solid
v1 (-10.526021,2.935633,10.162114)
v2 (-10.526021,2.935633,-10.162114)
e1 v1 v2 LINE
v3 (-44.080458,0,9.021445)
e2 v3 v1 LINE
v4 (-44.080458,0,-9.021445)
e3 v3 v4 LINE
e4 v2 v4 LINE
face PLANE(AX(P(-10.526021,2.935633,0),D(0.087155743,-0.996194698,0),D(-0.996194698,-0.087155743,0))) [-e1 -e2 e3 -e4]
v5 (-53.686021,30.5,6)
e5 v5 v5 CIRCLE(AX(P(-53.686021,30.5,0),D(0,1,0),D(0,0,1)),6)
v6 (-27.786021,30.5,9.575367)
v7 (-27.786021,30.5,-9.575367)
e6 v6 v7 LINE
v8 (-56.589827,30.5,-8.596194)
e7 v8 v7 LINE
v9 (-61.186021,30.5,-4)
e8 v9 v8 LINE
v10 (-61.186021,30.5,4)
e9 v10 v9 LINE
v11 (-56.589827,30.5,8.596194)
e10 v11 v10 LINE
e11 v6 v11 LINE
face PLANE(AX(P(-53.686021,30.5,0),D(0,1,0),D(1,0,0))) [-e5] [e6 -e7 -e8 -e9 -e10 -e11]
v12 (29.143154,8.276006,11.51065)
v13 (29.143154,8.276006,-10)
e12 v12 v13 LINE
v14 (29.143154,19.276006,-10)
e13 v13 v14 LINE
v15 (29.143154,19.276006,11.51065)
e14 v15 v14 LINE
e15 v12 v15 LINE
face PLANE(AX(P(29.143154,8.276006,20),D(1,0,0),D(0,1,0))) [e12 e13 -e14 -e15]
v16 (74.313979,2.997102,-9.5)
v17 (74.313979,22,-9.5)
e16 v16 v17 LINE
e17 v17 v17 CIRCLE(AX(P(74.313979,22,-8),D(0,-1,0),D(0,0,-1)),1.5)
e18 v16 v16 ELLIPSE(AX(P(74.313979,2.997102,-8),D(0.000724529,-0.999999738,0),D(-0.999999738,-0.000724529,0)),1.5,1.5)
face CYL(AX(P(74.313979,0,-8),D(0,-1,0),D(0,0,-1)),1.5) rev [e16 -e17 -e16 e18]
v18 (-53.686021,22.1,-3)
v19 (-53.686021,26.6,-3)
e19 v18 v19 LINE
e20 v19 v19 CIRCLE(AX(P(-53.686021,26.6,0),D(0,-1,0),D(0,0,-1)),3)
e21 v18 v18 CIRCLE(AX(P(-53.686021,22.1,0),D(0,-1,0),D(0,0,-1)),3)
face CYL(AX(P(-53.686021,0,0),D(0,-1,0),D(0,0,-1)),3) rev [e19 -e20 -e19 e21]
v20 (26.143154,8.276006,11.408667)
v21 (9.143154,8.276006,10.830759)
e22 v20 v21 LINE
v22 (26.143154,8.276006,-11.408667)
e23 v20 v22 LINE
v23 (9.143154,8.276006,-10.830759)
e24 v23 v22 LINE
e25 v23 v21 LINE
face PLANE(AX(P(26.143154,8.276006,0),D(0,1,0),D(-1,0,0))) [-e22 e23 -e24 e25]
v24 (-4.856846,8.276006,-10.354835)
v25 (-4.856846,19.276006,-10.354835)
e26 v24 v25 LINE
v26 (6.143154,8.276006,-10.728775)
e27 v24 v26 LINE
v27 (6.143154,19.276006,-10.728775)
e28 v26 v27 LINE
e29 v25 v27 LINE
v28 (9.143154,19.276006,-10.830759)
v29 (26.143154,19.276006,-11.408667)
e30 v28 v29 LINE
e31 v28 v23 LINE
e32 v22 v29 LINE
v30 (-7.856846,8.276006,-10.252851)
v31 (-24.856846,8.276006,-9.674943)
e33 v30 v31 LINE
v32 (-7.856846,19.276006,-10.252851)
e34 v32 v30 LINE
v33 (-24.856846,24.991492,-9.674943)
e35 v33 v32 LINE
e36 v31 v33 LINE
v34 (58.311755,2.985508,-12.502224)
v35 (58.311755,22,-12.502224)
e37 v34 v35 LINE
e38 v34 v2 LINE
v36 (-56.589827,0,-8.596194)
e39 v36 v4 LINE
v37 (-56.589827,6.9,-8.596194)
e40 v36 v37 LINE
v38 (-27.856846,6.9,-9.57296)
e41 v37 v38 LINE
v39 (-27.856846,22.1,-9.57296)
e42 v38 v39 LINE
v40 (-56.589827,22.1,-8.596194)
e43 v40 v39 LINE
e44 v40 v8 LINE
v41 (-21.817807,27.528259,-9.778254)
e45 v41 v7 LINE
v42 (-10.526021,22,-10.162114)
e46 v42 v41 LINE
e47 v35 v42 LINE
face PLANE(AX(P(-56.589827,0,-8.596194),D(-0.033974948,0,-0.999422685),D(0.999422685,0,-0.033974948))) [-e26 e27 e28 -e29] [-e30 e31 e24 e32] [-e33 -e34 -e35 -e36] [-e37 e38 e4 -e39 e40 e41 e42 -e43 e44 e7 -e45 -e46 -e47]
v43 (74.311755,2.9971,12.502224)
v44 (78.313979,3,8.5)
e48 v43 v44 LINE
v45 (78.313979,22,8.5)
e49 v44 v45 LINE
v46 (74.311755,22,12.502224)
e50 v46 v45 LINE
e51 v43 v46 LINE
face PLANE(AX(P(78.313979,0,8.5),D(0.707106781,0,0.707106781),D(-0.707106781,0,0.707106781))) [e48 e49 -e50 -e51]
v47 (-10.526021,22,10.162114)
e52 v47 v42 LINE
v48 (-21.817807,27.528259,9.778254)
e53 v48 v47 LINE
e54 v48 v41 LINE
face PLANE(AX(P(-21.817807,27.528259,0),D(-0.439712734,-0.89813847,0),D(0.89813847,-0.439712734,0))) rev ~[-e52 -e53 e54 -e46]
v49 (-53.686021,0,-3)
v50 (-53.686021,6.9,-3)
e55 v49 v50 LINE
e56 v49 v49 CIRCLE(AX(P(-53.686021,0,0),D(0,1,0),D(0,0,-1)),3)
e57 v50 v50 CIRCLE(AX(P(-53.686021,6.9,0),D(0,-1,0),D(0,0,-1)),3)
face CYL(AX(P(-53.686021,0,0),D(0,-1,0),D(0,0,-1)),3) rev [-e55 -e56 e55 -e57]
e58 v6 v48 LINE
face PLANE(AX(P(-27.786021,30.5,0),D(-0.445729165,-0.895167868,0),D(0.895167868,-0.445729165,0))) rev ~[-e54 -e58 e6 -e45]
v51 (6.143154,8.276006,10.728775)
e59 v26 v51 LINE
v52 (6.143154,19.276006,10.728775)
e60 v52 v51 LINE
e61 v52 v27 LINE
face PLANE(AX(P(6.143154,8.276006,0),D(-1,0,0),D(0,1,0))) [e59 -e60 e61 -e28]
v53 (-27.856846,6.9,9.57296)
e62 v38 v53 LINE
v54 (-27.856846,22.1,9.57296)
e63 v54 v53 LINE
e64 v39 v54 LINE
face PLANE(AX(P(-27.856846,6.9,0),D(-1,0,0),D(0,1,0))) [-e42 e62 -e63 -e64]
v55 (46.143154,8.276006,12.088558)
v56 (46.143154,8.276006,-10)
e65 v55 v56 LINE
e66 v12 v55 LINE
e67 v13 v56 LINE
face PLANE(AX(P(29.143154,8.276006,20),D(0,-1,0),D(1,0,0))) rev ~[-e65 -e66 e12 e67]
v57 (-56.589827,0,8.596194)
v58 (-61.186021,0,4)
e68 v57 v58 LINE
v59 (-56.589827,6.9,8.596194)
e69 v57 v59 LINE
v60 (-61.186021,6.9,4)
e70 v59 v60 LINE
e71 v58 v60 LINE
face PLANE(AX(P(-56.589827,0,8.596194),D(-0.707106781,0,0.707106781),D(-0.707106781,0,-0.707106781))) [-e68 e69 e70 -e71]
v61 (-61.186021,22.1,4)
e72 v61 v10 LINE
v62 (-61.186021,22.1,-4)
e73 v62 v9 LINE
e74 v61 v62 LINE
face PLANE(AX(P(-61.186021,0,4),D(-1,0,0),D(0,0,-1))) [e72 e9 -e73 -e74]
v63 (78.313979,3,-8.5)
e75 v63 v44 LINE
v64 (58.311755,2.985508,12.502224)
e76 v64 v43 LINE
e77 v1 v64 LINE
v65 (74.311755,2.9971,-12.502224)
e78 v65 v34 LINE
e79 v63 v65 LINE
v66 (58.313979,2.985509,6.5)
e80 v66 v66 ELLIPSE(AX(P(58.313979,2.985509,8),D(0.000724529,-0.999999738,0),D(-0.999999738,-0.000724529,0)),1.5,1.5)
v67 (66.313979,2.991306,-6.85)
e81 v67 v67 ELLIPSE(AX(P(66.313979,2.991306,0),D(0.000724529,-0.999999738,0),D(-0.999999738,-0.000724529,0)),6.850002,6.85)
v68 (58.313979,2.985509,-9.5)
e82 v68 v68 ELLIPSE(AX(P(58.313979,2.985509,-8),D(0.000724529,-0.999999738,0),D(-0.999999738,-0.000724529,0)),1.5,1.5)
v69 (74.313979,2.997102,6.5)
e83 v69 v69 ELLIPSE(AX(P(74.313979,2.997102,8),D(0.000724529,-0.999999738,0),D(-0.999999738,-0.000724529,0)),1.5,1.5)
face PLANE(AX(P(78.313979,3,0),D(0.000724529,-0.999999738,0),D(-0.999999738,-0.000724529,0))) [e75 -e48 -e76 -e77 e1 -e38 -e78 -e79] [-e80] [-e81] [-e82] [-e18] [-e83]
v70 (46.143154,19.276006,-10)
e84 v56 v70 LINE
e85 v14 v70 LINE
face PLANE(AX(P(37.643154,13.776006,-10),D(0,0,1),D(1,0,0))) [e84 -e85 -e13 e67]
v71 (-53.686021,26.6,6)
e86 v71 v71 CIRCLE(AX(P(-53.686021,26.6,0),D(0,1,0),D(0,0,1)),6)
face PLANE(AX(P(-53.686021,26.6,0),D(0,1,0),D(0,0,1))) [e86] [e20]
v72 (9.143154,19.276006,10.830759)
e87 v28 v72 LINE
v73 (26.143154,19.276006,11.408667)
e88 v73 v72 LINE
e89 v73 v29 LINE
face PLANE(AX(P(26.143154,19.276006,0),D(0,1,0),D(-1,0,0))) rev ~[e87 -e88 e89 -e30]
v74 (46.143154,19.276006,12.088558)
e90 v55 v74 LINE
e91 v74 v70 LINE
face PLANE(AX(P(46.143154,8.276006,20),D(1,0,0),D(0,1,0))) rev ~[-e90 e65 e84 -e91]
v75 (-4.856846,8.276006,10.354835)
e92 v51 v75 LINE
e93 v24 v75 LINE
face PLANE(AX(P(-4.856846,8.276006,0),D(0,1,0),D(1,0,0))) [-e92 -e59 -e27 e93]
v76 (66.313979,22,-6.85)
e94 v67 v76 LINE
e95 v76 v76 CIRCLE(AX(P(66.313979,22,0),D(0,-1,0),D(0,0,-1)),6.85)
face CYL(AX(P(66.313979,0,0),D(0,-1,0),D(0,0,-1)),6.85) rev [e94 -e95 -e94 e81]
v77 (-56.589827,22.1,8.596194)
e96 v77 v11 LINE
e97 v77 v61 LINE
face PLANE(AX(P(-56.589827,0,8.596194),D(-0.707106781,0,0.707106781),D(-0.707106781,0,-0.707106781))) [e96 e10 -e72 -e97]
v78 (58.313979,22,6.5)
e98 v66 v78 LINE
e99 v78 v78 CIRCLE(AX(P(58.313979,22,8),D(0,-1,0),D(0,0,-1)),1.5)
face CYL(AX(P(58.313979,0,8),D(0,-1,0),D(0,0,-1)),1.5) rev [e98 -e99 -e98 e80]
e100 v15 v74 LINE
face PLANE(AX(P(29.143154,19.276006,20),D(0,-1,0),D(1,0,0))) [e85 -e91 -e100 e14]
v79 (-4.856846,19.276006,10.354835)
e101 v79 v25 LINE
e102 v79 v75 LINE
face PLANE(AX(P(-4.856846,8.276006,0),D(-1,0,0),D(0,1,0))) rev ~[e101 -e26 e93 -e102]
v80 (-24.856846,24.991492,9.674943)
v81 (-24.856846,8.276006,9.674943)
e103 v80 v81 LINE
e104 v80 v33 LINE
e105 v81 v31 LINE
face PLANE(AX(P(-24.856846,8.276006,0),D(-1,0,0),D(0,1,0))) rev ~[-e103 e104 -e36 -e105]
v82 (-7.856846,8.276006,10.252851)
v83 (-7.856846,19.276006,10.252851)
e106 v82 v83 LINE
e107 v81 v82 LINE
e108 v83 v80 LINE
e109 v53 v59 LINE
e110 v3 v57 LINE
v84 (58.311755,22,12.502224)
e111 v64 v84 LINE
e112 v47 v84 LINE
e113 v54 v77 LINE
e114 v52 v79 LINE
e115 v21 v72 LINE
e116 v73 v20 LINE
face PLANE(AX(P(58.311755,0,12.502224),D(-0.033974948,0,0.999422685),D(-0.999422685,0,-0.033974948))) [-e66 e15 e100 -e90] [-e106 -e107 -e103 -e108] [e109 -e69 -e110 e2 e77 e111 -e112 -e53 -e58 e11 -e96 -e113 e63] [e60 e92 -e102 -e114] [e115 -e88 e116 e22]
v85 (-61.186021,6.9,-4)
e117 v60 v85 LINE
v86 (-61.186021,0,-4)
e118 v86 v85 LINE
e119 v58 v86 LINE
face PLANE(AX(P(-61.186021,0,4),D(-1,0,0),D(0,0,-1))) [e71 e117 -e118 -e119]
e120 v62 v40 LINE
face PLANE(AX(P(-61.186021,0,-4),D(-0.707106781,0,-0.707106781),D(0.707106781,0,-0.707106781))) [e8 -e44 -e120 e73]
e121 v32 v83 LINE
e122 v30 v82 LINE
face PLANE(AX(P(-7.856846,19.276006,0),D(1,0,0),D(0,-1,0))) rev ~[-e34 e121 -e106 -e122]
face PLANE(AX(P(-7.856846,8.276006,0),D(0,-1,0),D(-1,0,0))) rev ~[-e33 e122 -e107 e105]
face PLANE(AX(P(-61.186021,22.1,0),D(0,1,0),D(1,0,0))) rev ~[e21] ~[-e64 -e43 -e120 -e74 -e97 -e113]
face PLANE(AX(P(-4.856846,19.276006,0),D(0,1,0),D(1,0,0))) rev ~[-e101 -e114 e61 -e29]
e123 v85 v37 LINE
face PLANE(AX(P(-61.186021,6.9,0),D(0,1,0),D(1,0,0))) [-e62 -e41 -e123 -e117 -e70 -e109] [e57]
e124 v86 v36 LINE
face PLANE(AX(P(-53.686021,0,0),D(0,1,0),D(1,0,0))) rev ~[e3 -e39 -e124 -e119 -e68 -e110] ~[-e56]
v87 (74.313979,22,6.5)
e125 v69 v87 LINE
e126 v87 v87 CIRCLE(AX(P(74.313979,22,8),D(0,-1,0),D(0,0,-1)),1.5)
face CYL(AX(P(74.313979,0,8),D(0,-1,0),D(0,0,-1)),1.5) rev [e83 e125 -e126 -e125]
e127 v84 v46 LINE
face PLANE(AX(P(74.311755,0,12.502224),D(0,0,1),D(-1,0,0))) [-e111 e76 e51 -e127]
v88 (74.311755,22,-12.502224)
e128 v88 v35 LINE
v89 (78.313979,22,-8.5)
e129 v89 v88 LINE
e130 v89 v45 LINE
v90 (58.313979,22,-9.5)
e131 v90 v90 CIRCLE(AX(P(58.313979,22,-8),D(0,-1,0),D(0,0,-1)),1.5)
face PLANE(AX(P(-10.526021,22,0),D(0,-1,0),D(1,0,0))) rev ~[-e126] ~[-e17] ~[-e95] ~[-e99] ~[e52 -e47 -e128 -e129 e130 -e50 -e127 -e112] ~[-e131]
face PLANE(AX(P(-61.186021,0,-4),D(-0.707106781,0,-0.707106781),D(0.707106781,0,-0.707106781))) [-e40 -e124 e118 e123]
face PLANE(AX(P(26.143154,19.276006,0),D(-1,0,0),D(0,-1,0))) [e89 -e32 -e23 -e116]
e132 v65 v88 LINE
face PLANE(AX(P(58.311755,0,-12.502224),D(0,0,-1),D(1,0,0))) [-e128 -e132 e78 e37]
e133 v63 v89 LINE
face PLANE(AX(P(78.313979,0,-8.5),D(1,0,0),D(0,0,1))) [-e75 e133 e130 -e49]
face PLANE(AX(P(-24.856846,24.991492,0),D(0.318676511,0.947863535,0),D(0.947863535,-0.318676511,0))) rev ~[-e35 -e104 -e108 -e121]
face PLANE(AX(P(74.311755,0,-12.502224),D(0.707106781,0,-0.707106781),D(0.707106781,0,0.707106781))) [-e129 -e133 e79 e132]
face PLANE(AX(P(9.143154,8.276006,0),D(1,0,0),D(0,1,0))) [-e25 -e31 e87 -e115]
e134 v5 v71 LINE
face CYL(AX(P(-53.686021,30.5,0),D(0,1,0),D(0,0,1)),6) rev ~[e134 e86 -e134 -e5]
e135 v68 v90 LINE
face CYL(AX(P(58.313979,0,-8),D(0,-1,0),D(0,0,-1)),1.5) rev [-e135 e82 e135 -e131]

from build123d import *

# Parameters (mm, degrees)
SKETCH1_R           = 1.5
SKETCH1_R_2         = 3
SKETCH1_R_3         = 6.85
BOSS_EXTRUDE1_DEPTH = 30.5
CUT_EXTRUDE1_START  = 30.5
SKETCH1_3_R         = 6
CUT_EXTRUDE1_DEPTH  = 3.9
SKETCH1_4_R         = 7.8
CUT_EXTRUDE2_DEPTH  = 0.75
CUT_EXTRUDE3_START  = 30.5
SKETCH1_5_R         = 7.8
CUT_EXTRUDE3_DEPTH  = 1.5
SKETCH3_W           = 33.329175537
SKETCH3_H           = 15.2
CUT_EXTRUDE4_DEPTH  = 25
SKETCH4_W           = 11
SKETCH4_H           = 11
SKETCH4_W_2         = 17
CUT_EXTRUDE5_DEPTH  = 25
CUT_EXTRUDE6_START  = 20
SKETCH4_3_W         = 17
SKETCH4_3_H         = 11
CUT_EXTRUDE6_DEPTH  = 30


with BuildPart() as part:
    # Sketch1 → Boss-Extrude1 (new body)
    with BuildSketch(Plane(origin=(0, 0, 0), x_dir=(1, 0, 0), z_dir=(0, 1, 0))):
        Polygon((78.313978899, -8.5), (78.313978899, 8.5), (74.311754517, 12.502224382), (58.311754517, 12.502224382), (-56.589827024, 8.596194078), (-61.186021101, 4), (-61.186021101, -4), (-56.589827024, -8.596194078), (58.311754517, -12.502224382), (74.311754517, -12.502224382), align=None)
        with Locations((58.313978899, -8)):
            Circle(SKETCH1_R, mode=Mode.SUBTRACT)
        with Locations((74.313978899, -8)):
            Circle(SKETCH1_R, mode=Mode.SUBTRACT)
        with Locations((58.313978899, 8)):
            Circle(SKETCH1_R, mode=Mode.SUBTRACT)
        with Locations((74.313978899, 8)):
            Circle(SKETCH1_R, mode=Mode.SUBTRACT)
        with Locations((-53.686021101, 0)):
            Circle(SKETCH1_R_2, mode=Mode.SUBTRACT)
        with Locations((66.313978899, 0)):
            Circle(SKETCH1_R_3, mode=Mode.SUBTRACT)
    extrude(amount=BOSS_EXTRUDE1_DEPTH)

    # Sketch1<3> → Cut-Extrude1 (cut)
    with BuildSketch(Plane(origin=(0, 0, 0), x_dir=(1, 0, 0), z_dir=(0, 1, 0)).offset(CUT_EXTRUDE1_START)):
        with Locations((-53.686021101, 0)):
            Circle(SKETCH1_3_R)
    extrude(amount=-CUT_EXTRUDE1_DEPTH, mode=Mode.SUBTRACT)

    # Sketch1<4> → Cut-Extrude2 (cut, symmetric)
    with BuildSketch(Plane(origin=(0, 0, 0), x_dir=(1, 0, 0), z_dir=(0, 1, 0))):
        with Locations((66.313978899, 0)):
            Circle(SKETCH1_4_R)
    extrude(amount=CUT_EXTRUDE2_DEPTH, both=True, mode=Mode.SUBTRACT)

    # Sketch1<5> → Cut-Extrude3 (cut)
    with BuildSketch(Plane(origin=(0, 0, 0), x_dir=(1, 0, 0), z_dir=(0, 1, 0)).offset(CUT_EXTRUDE3_START)):
        with Locations((66.313978899, 0)):
            Circle(SKETCH1_5_R)
    extrude(amount=-CUT_EXTRUDE3_DEPTH, mode=Mode.SUBTRACT)

    # Sketch3 → Cut-Extrude4 (cut, symmetric)
    with BuildSketch(Plane.XY):
        with Locations((-44.521433333, 14.5)):
            Rectangle(SKETCH3_W, SKETCH3_H)
        Polygon((78.313978899, 0), (78.313978899, 3), (-10.526021101, 2.935632814), (-44.080457712, 0), (9.374237964, -19.733731398), align=None)
        Polygon((-10.526021101, 22), (78.313978899, 22), (78.313978899, 30.5), (39.447370773, 56.936233567), (-27.786021101, 30.5), (-21.817807348, 27.528259132), align=None)
    extrude(amount=CUT_EXTRUDE4_DEPTH, both=True, mode=Mode.SUBTRACT)

    # Sketch4 → Cut-Extrude5 (cut, symmetric)
    with BuildSketch(Plane.XY):
        Polygon((-24.856845564, 24.991492085), (-24.856845564, 8.276006159), (-7.856845564, 8.276006159), (-7.856845564, 19.276006159), align=None)
        with Locations((0.643154436, 13.776006159)):
            Rectangle(SKETCH4_W, SKETCH4_H)
        with Locations((17.643154436, 13.776006159)):
            Rectangle(SKETCH4_W_2, SKETCH4_H)
    extrude(amount=CUT_EXTRUDE5_DEPTH, both=True, mode=Mode.SUBTRACT)

    # Sketch4<3> → Cut-Extrude6 (cut)
    with BuildSketch(Plane.XY.offset(CUT_EXTRUDE6_START)):
        with Locations((37.643154436, 13.776006159)):
            Rectangle(SKETCH4_3_W, SKETCH4_3_H)
    extrude(amount=-CUT_EXTRUDE6_DEPTH, mode=Mode.SUBTRACT)


solid = part.part
